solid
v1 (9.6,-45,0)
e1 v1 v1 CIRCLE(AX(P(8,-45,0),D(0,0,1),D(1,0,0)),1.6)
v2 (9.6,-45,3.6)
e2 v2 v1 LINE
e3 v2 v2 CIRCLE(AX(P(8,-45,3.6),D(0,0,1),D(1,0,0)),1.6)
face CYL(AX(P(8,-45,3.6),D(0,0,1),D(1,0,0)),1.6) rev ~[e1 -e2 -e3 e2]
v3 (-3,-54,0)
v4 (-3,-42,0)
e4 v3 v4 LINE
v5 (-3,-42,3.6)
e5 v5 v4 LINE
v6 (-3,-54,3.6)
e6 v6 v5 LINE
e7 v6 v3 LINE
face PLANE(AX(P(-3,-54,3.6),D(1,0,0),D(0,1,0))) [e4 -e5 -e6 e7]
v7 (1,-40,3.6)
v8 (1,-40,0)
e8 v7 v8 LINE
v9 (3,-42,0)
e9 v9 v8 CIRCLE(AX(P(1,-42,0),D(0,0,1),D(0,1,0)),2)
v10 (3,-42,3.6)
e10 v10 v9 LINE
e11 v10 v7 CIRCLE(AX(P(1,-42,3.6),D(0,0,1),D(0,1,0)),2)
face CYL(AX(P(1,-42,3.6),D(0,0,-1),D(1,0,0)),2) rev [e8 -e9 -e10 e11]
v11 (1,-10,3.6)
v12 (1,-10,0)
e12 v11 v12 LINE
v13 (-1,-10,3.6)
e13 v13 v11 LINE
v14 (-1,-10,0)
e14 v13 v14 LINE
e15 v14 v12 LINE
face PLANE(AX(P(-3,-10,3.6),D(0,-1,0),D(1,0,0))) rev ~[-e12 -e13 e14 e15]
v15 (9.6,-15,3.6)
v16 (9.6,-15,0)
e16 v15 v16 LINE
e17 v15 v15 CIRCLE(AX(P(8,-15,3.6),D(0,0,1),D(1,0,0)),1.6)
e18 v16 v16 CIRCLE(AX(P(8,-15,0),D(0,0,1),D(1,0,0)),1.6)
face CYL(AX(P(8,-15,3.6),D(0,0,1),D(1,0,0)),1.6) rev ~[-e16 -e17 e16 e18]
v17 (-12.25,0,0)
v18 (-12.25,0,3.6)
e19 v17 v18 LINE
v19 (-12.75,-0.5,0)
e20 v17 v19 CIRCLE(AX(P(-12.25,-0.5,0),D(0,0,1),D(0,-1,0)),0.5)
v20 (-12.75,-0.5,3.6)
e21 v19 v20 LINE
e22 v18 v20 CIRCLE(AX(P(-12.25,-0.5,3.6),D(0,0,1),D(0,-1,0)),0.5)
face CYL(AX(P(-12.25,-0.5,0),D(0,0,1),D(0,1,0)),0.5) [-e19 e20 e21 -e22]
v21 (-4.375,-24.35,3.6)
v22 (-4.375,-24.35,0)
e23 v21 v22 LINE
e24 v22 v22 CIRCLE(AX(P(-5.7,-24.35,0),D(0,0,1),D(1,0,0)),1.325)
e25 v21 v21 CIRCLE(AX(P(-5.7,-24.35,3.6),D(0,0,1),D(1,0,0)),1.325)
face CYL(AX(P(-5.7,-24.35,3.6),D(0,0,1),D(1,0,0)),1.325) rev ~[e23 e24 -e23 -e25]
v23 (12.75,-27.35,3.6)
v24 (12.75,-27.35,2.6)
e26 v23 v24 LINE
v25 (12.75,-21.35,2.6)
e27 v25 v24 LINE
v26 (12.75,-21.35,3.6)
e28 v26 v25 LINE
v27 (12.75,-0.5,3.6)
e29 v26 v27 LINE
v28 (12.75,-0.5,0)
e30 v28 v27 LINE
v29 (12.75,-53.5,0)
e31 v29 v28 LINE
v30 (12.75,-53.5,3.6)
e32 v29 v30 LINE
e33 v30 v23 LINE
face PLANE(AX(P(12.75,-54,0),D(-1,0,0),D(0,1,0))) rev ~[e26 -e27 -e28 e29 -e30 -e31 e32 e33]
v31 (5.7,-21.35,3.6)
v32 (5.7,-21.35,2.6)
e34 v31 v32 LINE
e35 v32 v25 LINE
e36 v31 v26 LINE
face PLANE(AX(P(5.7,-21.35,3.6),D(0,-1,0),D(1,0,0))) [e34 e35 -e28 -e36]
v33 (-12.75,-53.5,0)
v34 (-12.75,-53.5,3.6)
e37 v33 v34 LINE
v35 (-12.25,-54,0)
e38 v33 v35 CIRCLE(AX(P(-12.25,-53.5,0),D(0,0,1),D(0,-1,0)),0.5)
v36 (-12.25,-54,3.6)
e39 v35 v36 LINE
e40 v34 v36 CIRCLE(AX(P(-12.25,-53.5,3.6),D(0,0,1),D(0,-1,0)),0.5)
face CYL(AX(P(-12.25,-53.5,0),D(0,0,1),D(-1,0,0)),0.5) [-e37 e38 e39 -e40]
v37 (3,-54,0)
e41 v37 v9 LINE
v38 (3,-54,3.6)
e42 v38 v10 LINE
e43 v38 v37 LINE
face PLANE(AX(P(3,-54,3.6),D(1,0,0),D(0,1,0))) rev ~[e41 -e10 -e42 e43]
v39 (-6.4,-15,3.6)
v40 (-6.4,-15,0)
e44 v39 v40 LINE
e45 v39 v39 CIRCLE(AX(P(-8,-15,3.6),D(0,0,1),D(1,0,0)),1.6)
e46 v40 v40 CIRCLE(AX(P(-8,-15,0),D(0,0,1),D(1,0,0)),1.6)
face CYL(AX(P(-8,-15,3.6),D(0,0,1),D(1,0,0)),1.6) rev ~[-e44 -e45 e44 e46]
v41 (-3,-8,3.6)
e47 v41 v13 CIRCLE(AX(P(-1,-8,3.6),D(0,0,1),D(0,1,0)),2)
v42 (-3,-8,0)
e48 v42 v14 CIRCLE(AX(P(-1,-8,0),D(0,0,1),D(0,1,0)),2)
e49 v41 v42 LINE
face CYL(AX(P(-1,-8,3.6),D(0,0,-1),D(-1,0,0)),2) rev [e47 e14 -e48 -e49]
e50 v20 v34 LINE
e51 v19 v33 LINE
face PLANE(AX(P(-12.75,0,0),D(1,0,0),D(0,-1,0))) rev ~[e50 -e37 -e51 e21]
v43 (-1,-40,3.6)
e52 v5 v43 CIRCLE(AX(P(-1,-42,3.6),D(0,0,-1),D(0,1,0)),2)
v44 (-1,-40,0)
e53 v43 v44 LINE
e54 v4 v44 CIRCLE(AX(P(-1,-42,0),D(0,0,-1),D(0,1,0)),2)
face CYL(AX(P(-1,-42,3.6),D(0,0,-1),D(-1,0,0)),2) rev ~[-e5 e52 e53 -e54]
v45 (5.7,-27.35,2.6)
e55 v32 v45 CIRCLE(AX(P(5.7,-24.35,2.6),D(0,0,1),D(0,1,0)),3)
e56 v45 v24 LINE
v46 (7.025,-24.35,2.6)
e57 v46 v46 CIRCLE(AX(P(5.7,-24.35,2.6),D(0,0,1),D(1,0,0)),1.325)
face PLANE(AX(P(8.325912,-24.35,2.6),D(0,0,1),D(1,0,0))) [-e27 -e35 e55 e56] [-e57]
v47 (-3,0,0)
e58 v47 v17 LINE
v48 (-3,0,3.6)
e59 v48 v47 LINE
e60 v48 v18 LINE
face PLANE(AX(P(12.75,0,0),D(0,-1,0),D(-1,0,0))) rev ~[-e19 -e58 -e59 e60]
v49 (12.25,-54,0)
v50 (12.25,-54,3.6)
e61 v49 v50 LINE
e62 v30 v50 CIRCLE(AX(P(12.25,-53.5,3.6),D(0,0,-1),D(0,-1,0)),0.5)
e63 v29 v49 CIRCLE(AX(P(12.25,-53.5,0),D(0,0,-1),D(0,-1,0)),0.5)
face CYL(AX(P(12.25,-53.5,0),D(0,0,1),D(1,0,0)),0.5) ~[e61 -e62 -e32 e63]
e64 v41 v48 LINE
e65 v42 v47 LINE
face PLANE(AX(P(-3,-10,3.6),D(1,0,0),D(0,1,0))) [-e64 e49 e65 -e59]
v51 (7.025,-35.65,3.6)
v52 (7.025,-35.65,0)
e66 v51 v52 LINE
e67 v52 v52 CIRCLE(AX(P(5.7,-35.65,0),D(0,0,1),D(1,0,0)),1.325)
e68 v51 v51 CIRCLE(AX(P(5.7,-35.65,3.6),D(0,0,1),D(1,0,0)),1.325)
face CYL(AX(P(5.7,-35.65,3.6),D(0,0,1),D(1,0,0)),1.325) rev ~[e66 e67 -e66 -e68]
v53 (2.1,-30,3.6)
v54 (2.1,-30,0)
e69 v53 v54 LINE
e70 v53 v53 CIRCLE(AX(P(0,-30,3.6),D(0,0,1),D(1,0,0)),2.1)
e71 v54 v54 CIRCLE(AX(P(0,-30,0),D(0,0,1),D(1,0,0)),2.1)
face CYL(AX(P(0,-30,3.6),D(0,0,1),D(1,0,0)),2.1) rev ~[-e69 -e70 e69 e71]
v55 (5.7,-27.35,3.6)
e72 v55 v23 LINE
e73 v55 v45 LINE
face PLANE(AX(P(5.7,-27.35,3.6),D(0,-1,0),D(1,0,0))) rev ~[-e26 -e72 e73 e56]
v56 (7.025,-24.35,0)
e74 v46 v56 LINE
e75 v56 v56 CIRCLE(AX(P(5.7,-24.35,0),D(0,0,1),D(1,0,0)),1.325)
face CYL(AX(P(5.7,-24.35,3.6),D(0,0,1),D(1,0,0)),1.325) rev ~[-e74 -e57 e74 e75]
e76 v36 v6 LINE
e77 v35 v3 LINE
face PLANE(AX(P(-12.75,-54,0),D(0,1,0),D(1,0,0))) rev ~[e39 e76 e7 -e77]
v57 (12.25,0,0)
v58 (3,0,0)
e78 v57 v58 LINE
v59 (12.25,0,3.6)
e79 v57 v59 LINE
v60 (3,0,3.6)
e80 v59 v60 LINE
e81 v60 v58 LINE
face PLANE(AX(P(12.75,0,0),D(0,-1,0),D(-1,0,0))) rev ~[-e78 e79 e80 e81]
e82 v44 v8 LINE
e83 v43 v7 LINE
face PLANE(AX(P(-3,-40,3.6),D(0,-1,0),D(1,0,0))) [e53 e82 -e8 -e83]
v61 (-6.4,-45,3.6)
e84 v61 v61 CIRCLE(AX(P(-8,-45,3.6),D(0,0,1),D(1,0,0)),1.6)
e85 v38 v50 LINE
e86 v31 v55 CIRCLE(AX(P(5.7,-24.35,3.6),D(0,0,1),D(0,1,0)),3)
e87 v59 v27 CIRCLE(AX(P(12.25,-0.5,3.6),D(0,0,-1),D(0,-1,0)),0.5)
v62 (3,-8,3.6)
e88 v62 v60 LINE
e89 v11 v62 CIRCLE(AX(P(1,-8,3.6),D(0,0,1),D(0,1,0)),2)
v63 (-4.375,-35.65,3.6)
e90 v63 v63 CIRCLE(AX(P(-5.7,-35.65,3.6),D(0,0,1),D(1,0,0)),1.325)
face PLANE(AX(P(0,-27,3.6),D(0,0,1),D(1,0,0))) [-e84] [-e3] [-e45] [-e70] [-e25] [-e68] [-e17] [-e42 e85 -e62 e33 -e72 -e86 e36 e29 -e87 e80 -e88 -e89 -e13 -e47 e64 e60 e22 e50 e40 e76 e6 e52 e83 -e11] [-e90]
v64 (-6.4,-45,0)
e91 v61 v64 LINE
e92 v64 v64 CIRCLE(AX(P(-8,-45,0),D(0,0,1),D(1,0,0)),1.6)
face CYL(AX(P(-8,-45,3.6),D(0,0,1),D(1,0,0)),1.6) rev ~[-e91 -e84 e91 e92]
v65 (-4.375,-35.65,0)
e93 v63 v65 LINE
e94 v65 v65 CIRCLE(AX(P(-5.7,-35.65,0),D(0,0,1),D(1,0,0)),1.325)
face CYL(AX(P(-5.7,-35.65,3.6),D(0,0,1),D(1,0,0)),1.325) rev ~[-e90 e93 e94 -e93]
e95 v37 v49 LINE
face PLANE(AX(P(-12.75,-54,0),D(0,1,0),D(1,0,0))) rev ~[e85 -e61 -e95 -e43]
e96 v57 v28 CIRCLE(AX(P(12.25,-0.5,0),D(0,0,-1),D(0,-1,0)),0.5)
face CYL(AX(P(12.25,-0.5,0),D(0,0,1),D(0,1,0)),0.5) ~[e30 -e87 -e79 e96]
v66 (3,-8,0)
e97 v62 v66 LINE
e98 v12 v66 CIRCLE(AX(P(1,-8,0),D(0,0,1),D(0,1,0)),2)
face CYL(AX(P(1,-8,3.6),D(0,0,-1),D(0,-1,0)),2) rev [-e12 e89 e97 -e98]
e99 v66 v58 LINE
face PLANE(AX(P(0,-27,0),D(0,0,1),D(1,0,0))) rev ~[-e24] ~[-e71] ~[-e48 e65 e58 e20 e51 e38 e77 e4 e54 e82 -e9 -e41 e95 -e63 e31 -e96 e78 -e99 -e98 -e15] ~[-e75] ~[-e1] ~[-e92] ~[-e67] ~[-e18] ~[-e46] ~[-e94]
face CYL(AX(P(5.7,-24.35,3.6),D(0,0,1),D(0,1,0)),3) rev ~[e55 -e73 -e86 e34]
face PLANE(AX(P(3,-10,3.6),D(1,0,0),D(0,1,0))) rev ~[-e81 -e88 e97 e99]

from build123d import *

# Parameters (mm, degrees)
PAD008_DEPTH    = 3.6
SKETCH034_W     = 6
SKETCH034_H     = 14
SKETCH034_H_2   = 10
POCKET014_DEPTH = 5
FILLET007_R     = 2
SKETCH035_R     = 2.1
POCKET019_DEPTH = 5
SKETCH032_R     = 1.325
POCKET020_DEPTH = 5
SKETCH033_R     = 1.6
HOLE004_DEPTH   = 25
FILLET010_R     = 0.5
POCKET043_DEPTH = 1


with BuildPart() as part:
    # Sketch031 → Pad008 (new body)
    with BuildSketch(Plane.XY):
        Polygon((-12.75, 0), (-12.75, -5), (-12.75, -54), (12.75, -54), (12.75, -5), (12.75, 0), align=None)
    extrude(amount=PAD008_DEPTH)

    # Sketch034 (on Face4 of Pad008) → Pocket014 (cut)
    with BuildSketch(Plane.XY.offset(3.6)):
        with Locations((0, -47)):
            Rectangle(SKETCH034_W, SKETCH034_H)
        with Locations((0, -5)):
            Rectangle(SKETCH034_W, SKETCH034_H_2)
    extrude(amount=-POCKET014_DEPTH, mode=Mode.SUBTRACT)

    # Fillet007
    fillet007_edges = [part.edges().sort_by_distance(p)[0] for p in [
        (-3, -10, 1.8),
        (3, -10, 1.8),
        (3, -40, 1.8),
        (-3, -40, 1.8),
    ]]
    fillet(fillet007_edges, radius=FILLET007_R)

    # Sketch035 (on Face4 of Pad008) → Pocket019 (cut)
    with BuildSketch(Plane.XY.offset(3.6)):
        with Locations((0, -30)):
            Circle(SKETCH035_R)
    extrude(amount=-POCKET019_DEPTH, mode=Mode.SUBTRACT)

    # Sketch032 (on Face4 of Pad008) → Pocket020 (cut)
    with BuildSketch(Plane.XY.offset(3.6)):
        with Locations((-5.7, -24.35)):
            Circle(SKETCH032_R)
        with Locations((5.7, -24.35)):
            Circle(SKETCH032_R)
        with Locations((5.7, -35.65)):
            Circle(SKETCH032_R)
        with Locations((-5.7, -35.65)):
            Circle(SKETCH032_R)
    extrude(amount=-POCKET020_DEPTH, mode=Mode.SUBTRACT)

    # Sketch033 (on Face4 of Pad008) → Hole004 (cut)
    with BuildSketch(Plane.XY.offset(3.6)):
        with Locations((-8, -15)):
            Circle(SKETCH033_R)
        with Locations((8, -15)):
            Circle(SKETCH033_R)
        with Locations((-8, -45)):
            Circle(SKETCH033_R)
        with Locations((8, -45)):
            Circle(SKETCH033_R)
    extrude(amount=-HOLE004_DEPTH, mode=Mode.SUBTRACT)

    # Fillet010
    fillet010_edges = [part.edges().sort_by_distance(p)[0] for p in [
        (-12.75, 0, 1.8),
        (-12.75, -54, 1.8),
        (12.75, 0, 1.8),
        (12.75, -54, 1.8),
    ]]
    fillet(fillet010_edges, radius=FILLET010_R)

    # Sketch098 (on Face31 of Fillet010) → Pocket043 (cut)
    with BuildSketch(Plane.XY.offset(3.6)):
        with BuildLine():
            ThreePointArc((5.7, -21.35), (2.7, -24.35), (5.7, -27.35))
            Line((5.7, -27.35), (12.75, -27.35))
            Line((12.75, -21.35), (12.75, -27.35))
            Line((5.7, -21.35), (12.75, -21.35))
        make_face()
    extrude(amount=-POCKET043_DEPTH, mode=Mode.SUBTRACT)


solid = part.part
